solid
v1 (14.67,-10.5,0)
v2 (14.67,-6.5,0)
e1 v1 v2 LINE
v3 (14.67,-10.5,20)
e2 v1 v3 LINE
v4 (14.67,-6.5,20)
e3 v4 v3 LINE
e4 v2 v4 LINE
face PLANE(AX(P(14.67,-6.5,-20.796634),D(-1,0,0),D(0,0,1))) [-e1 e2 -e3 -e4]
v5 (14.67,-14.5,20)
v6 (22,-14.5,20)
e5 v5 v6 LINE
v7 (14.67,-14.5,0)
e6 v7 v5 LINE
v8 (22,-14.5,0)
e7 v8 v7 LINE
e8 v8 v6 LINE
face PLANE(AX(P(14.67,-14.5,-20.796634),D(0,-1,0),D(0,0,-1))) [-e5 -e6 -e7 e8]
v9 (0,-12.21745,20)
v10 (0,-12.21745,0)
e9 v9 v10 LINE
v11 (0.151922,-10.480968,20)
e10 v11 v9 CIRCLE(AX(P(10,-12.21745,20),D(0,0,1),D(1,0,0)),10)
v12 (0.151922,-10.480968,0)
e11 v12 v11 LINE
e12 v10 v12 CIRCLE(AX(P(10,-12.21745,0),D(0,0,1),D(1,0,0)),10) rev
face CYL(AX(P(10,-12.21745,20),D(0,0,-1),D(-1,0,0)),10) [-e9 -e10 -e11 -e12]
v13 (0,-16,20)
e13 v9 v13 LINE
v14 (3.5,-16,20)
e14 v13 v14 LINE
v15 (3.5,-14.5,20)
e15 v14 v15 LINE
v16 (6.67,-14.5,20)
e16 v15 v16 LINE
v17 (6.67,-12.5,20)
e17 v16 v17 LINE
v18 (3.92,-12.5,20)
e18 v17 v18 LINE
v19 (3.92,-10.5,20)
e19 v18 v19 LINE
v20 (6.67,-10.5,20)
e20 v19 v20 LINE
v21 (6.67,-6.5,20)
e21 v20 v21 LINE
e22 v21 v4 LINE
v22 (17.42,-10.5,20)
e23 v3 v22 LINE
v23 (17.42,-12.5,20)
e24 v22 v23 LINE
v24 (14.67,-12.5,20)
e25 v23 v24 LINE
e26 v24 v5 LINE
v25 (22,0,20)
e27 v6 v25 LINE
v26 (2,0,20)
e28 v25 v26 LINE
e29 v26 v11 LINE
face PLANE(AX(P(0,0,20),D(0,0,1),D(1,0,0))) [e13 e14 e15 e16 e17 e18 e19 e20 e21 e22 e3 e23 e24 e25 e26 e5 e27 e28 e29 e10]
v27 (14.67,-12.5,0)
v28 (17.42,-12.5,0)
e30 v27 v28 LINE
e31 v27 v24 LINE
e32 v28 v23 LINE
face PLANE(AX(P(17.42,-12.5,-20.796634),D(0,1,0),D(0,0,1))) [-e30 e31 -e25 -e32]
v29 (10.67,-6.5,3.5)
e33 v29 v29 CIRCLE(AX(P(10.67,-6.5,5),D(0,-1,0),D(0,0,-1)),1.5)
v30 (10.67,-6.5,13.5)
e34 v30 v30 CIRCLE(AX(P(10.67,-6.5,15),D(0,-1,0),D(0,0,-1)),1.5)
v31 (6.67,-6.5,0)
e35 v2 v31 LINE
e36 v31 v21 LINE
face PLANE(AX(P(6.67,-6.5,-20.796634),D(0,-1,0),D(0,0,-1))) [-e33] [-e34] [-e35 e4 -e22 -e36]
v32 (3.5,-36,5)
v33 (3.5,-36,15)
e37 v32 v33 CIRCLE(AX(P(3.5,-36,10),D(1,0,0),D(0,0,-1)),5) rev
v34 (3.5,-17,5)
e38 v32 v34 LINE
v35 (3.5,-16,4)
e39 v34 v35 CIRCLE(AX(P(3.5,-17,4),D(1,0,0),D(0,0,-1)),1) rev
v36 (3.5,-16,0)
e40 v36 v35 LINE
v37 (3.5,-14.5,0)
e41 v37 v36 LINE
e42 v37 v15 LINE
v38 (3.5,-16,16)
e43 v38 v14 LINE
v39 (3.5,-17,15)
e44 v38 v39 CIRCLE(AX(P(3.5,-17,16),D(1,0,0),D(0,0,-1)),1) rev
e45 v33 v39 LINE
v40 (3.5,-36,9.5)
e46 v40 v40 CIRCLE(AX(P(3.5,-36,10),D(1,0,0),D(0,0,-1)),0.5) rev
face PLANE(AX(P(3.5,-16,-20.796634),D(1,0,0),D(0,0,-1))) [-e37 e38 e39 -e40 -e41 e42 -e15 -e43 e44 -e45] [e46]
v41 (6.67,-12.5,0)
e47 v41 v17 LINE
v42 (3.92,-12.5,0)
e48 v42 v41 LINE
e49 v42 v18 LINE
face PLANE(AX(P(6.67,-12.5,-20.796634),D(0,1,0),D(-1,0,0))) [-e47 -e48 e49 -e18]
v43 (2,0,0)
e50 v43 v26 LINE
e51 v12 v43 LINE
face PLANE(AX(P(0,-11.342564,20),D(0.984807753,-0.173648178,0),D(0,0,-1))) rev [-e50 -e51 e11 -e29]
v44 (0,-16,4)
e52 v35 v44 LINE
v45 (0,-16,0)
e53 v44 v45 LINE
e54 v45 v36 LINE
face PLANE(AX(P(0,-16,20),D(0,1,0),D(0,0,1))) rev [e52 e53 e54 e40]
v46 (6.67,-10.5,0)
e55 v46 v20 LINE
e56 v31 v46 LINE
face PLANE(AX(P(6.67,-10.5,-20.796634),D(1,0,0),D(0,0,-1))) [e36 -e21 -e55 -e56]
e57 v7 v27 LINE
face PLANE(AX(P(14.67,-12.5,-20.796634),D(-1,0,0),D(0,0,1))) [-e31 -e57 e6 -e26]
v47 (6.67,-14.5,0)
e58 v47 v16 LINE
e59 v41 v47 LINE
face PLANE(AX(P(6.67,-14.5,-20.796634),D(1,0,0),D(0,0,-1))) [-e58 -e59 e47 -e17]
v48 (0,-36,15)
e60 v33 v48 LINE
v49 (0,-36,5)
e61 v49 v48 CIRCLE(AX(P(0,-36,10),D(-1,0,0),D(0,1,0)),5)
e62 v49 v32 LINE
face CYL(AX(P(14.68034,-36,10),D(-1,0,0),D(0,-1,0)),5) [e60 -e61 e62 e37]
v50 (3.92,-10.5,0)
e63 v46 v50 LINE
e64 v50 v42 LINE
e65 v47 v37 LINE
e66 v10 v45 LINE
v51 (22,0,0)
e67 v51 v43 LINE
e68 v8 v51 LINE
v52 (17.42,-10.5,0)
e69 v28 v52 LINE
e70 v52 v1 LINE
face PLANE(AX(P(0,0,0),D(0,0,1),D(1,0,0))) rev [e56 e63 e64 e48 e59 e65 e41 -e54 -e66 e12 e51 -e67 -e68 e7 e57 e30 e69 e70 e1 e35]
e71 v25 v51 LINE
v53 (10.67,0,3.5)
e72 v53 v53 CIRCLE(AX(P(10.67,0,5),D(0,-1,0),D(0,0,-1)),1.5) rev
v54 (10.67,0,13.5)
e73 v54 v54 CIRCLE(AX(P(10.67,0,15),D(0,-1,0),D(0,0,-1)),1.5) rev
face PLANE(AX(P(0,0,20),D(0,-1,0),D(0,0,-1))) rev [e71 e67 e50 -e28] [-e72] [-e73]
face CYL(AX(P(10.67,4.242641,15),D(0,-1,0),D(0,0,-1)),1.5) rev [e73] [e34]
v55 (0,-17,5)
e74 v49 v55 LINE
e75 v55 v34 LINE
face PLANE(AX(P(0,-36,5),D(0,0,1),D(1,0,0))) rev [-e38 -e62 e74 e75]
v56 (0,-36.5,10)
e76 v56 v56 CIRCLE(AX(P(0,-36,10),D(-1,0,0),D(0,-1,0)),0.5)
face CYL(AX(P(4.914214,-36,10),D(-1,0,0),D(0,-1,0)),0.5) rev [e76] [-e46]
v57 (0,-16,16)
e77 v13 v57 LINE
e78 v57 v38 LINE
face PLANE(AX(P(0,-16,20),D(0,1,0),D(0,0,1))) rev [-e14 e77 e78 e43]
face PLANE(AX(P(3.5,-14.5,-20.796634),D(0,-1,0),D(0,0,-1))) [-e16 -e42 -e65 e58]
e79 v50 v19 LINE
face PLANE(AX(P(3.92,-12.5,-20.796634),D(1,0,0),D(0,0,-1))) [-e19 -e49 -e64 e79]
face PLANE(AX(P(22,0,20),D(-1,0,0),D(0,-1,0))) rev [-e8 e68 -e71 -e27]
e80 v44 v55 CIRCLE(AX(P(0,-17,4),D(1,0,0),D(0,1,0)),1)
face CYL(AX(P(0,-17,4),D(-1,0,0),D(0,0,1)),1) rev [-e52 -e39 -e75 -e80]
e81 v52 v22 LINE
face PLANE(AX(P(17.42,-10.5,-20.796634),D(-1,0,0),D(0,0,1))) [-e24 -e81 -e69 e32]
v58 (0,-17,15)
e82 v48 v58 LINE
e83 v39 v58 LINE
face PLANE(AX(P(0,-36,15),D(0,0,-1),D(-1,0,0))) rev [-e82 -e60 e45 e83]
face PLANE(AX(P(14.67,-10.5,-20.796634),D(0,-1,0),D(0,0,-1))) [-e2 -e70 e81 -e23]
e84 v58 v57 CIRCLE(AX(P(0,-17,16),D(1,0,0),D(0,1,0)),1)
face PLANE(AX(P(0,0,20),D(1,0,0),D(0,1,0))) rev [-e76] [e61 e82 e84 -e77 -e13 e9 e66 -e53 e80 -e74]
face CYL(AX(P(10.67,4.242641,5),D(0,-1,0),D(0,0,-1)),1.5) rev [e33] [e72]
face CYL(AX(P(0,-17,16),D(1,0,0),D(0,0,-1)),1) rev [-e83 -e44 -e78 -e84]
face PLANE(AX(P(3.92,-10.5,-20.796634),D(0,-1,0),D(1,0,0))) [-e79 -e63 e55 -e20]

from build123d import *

# Parameters (mm, degrees)
SKETCH1_W           = 22
SKETCH1_H           = 16
BOSS_EXTRUDE1_DEPTH = 20
CHAMFER1_SIZE       = 2
CHAMFER1_SIZE2      = 11.342563639
CUT_EXTRUDE1_DEPTH  = 20
FILLET1_R           = 10
SKETCH3_W           = 3.5
SKETCH3_H           = 10
BOSS_EXTRUDE2_DEPTH = 20
FILLET2_R           = 1
BOSS_EXTRUDE3_DEPTH = 3.5
SKETCH8_R           = 0.5
CUT_EXTRUDE2_DEPTH  = 3.5
SKETCH9_R           = 1.5
CUT_EXTRUDE3_DEPTH  = 6.5


with BuildPart() as part:
    # Sketch1 → Boss-Extrude1 (new body)
    with BuildSketch(Plane.XY):
        with Locations((11, -8)):
            Rectangle(SKETCH1_W, SKETCH1_H)
    extrude(amount=BOSS_EXTRUDE1_DEPTH)

    # Chamfer1
    chamfer1_edges = [part.edges().sort_by_distance(p)[0] for p in [
        (0, 0, 10),
    ]]
    chamfer1_side = [part.faces().sort_by_distance(p)[0] for p in [
        (11, 0, 10),
    ]]
    chamfer(chamfer1_edges, length=CHAMFER1_SIZE, length2=CHAMFER1_SIZE2, reference=chamfer1_side[0])

    # Sketch2 → Cut-Extrude1 (cut)
    with BuildSketch(Plane.XY.offset(20)):
        Polygon((3.5, -16), (3.5, -14.5), (6.67, -14.5), (6.67, -12.5), (3.92, -12.5), (3.92, -10.5), (6.67, -10.5), (6.67, -6.5), (14.67, -6.5), (14.67, -10.5), (17.42, -10.5), (17.42, -12.5), (14.67, -12.5), (14.67, -14.5), (22, -14.5), (22, -16), align=None)
    extrude(amount=-CUT_EXTRUDE1_DEPTH, mode=Mode.SUBTRACT)

    # Fillet1
    fillet1_edges = [part.edges().sort_by_distance(p)[0] for p in [
        (0, -11.342563639, 10),
    ]]
    fillet(fillet1_edges, radius=FILLET1_R)

    # Sketch3 → Boss-Extrude2 (add)
    with BuildSketch(Plane.XZ.offset(16)):
        with Locations((1.75, 10)):
            Rectangle(SKETCH3_W, SKETCH3_H)
    extrude(amount=BOSS_EXTRUDE2_DEPTH)

    # Fillet2
    fillet2_edges = [part.edges().sort_by_distance(p)[0] for p in [
        (1.75, -16, 5),
        (1.75, -16, 15),
    ]]
    fillet(fillet2_edges, radius=FILLET2_R)

    # Sketch7 → Boss-Extrude3 (add)
    with BuildSketch(Plane.ZY):
        with BuildLine():
            Line((15, -36), (5, -36))
            ThreePointArc((5, -36), (10, -41), (15, -36))
        make_face()
    extrude(amount=-BOSS_EXTRUDE3_DEPTH)

    # Sketch8 → Cut-Extrude2 (cut)
    with BuildSketch(Plane.ZY):
        with Locations((10, -36)):
            Circle(SKETCH8_R)
    extrude(amount=-CUT_EXTRUDE2_DEPTH, mode=Mode.SUBTRACT)

    # Sketch9 → Cut-Extrude3 (cut)
    with BuildSketch(Plane.XZ.offset(6.5)):
        with Locations((10.67, 15)):
            Circle(SKETCH9_R)
        with Locations((10.67, 5)):
            Circle(SKETCH9_R)
    extrude(amount=-CUT_EXTRUDE3_DEPTH, mode=Mode.SUBTRACT)


solid = part.part
